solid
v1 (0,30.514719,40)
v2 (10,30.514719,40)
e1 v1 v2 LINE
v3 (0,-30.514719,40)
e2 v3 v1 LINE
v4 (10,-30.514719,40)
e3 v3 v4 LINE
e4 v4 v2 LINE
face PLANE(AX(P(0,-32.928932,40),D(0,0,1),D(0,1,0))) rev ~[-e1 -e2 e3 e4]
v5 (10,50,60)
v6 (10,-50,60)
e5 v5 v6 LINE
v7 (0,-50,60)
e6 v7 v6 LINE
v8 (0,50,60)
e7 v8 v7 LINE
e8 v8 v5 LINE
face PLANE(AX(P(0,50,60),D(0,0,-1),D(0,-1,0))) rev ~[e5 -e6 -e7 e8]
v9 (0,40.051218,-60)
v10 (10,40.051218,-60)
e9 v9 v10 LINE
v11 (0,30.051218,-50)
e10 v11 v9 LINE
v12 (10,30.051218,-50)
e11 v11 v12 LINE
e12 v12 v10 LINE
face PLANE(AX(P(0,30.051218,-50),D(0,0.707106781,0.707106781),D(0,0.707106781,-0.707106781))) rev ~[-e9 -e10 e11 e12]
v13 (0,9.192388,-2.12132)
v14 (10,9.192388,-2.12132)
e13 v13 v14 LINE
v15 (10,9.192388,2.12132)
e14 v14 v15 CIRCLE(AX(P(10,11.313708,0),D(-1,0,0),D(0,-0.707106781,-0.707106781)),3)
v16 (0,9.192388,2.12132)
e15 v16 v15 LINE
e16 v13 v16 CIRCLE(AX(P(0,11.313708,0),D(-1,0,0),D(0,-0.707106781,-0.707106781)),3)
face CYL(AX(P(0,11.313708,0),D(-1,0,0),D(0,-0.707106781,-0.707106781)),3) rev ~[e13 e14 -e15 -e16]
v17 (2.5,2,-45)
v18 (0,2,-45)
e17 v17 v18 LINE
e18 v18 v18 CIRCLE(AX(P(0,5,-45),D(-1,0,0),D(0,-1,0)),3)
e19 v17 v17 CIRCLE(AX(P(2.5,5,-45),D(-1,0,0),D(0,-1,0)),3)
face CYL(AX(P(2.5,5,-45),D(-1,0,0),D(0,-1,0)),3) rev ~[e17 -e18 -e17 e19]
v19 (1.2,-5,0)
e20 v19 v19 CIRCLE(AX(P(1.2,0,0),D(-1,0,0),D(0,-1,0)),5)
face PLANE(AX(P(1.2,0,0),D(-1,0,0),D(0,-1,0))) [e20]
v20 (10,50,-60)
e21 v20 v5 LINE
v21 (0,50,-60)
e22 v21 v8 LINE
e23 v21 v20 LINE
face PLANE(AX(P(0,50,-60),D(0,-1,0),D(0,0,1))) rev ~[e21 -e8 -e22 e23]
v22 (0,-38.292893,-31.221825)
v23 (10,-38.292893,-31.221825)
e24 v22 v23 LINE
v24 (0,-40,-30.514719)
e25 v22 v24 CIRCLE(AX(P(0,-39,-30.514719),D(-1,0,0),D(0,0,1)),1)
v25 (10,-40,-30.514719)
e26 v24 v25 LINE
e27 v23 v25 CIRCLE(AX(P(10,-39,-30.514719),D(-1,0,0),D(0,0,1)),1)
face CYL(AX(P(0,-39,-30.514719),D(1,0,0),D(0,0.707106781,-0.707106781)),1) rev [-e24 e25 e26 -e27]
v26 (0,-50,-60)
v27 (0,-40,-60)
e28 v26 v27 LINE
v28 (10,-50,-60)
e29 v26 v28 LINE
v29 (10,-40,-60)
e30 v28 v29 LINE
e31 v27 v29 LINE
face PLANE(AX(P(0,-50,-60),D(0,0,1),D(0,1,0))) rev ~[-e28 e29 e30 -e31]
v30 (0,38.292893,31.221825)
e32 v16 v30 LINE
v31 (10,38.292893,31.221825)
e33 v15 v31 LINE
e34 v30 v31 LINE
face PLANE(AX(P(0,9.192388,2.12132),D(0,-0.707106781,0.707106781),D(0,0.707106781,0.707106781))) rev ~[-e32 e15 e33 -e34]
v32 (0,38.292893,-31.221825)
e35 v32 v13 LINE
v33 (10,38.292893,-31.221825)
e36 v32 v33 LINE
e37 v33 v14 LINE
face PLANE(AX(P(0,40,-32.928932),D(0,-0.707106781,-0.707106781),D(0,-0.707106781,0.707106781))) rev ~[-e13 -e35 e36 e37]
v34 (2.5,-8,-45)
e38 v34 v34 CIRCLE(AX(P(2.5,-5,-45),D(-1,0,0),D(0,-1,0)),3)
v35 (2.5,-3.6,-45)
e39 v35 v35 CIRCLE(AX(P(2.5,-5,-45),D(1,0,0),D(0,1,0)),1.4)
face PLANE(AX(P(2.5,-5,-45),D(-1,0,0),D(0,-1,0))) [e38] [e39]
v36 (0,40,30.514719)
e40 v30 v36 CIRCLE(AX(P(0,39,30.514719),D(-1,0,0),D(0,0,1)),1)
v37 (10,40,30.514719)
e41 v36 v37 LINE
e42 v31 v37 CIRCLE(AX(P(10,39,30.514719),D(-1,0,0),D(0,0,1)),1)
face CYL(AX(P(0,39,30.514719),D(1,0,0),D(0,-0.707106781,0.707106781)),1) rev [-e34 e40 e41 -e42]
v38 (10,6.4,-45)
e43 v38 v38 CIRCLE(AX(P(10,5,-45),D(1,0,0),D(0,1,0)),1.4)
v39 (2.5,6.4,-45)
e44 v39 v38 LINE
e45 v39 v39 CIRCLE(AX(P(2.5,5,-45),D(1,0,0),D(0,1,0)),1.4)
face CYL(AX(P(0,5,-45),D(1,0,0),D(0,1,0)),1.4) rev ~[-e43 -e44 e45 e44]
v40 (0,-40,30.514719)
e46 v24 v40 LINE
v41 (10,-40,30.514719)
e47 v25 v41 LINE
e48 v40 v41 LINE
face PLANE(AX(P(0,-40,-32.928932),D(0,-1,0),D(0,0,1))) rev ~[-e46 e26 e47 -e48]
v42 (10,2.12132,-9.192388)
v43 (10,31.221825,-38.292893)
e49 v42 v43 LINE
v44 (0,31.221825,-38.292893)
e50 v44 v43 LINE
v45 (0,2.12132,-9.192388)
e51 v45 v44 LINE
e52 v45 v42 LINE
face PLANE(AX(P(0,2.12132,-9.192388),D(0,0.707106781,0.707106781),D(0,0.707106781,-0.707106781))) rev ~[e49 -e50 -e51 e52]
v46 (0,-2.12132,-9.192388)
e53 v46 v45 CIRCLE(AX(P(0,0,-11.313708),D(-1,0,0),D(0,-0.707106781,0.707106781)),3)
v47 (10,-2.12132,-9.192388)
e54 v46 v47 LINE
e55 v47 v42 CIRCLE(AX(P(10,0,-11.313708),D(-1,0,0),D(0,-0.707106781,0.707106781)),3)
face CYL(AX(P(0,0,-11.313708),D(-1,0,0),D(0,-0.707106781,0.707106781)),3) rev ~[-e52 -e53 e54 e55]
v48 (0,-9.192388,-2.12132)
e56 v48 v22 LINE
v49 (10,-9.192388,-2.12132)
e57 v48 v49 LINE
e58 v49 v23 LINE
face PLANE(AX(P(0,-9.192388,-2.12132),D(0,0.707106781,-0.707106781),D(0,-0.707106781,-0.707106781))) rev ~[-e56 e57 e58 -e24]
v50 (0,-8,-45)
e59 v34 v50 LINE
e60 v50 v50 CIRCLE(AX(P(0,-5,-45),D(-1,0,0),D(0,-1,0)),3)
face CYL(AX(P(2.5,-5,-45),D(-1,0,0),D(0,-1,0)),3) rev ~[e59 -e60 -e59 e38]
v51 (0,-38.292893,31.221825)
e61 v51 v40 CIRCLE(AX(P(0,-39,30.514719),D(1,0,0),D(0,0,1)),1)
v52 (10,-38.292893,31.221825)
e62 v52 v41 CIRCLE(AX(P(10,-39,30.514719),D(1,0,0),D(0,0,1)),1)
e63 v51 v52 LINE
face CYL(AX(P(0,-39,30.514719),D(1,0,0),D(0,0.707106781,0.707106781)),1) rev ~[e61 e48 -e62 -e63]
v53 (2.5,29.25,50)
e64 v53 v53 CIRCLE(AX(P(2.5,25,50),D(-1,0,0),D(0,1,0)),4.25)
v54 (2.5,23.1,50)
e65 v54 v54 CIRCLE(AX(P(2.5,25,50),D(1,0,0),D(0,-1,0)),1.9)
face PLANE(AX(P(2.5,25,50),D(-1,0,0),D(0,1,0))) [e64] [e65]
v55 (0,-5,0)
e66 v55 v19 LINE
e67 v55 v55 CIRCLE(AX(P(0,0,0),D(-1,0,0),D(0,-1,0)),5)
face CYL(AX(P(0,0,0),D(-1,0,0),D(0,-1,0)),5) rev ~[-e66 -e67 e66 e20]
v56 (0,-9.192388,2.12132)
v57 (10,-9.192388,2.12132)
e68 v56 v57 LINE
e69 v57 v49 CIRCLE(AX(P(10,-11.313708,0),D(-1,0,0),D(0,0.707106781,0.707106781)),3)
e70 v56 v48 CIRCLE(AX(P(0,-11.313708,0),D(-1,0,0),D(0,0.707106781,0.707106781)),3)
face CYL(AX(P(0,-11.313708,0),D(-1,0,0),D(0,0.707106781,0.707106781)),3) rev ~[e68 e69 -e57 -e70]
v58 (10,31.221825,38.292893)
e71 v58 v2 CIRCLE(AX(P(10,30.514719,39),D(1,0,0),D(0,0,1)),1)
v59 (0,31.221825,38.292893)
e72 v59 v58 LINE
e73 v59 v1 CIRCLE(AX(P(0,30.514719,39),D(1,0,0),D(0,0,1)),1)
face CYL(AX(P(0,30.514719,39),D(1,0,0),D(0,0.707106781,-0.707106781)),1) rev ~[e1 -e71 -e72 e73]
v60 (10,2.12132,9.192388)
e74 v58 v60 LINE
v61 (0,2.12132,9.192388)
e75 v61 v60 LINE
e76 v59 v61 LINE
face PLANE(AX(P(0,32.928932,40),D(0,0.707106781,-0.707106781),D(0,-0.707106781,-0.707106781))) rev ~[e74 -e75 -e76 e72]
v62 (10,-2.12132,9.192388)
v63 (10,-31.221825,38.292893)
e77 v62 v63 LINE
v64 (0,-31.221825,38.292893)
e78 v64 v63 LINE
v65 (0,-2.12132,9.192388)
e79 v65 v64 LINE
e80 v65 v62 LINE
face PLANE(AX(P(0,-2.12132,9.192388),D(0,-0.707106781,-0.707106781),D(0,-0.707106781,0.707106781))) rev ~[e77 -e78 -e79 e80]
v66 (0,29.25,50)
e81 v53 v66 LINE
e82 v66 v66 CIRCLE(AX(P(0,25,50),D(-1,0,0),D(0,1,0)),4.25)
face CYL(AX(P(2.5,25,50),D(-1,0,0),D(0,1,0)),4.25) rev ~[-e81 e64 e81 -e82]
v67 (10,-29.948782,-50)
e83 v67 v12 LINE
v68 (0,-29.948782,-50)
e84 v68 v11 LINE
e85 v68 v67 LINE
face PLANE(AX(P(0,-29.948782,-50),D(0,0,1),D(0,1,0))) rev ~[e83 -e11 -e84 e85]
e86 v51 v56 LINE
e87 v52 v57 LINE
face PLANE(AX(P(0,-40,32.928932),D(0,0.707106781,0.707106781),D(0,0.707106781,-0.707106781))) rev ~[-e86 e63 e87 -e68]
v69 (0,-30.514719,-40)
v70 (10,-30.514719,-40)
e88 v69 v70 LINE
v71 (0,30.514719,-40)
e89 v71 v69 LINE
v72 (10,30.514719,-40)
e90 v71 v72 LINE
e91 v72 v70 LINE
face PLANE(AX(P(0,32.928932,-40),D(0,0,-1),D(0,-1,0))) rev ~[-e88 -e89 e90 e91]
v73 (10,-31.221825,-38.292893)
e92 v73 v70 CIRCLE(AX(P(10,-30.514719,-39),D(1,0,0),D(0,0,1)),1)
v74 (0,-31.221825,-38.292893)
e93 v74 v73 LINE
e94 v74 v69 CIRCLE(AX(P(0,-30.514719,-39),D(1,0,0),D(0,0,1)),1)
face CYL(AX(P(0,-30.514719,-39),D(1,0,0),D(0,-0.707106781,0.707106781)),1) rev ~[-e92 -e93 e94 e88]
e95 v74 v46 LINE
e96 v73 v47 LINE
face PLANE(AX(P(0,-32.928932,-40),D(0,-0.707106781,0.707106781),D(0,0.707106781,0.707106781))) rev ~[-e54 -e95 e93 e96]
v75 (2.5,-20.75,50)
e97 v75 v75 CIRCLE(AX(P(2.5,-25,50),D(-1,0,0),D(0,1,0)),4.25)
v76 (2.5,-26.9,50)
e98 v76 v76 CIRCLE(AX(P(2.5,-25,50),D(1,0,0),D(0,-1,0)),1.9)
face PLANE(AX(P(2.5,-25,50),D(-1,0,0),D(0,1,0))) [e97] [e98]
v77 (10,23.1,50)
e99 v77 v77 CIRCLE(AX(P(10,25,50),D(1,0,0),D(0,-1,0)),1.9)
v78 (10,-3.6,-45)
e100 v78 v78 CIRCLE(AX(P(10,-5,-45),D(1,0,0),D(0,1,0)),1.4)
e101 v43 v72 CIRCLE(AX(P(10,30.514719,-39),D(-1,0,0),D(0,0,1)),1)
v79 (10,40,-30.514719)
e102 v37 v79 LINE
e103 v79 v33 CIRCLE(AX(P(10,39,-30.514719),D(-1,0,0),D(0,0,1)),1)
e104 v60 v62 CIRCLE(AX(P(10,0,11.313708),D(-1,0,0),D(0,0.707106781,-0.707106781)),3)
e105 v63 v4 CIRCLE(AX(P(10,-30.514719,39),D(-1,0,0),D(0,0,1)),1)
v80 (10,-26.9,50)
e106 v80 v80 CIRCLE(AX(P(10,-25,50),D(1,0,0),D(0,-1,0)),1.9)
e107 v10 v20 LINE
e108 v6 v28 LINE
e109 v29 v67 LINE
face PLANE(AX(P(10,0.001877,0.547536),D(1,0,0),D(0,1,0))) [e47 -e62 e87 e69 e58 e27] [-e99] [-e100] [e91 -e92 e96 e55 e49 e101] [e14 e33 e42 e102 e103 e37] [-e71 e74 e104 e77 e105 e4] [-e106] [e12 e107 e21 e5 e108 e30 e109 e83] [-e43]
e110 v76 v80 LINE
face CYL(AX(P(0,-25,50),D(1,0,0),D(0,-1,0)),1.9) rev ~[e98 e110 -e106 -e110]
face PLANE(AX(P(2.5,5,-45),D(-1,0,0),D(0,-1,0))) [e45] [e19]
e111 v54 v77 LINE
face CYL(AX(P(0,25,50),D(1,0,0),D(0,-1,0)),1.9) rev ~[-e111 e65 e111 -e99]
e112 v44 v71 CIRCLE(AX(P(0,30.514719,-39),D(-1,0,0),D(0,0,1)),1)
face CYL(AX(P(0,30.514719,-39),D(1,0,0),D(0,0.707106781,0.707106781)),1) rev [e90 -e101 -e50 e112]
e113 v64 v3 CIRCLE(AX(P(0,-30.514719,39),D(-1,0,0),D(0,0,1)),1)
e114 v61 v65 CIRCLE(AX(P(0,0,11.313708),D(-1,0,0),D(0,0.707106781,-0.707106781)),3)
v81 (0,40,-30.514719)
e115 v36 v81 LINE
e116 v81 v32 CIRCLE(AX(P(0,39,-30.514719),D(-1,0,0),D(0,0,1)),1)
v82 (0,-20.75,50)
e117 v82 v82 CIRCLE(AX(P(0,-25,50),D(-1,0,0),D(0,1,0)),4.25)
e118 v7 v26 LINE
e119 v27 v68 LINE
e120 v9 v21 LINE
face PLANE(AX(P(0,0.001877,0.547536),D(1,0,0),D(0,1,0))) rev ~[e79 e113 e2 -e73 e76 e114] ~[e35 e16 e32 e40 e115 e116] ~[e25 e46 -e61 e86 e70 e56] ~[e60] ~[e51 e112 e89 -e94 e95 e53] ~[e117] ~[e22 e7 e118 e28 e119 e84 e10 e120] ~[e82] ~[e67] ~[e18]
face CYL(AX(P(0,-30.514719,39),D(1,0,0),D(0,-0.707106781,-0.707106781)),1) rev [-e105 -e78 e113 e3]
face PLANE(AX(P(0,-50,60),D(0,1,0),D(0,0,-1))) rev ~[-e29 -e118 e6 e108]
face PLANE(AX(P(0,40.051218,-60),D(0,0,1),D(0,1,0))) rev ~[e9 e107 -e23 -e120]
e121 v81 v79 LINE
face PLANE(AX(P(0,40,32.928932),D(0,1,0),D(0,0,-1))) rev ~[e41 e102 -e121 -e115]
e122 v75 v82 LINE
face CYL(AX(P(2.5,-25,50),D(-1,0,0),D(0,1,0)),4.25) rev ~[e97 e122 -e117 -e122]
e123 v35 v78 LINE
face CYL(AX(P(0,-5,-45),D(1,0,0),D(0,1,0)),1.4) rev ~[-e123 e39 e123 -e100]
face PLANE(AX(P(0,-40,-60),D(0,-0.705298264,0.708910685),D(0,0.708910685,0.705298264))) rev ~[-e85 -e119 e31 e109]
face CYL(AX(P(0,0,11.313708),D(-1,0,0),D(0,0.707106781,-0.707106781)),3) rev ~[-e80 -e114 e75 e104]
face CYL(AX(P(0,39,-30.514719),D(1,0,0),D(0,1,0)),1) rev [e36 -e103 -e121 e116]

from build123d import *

# Parameters (mm, degrees)
F1_DEPTH       = 10
F2_R           = 1
F3_D           = 3.8
F3_CBORE_D     = 8.5
F3_CBORE_DEPTH = 2.5
F4_R           = 5
F5_DEPTH       = 1.2
F8_D           = 2.8
F8_CBORE_D     = 6
F8_CBORE_DEPTH = 2.5


with BuildPart() as f1:
    # F0 (on Right) → F1 (new body)
    with BuildSketch(Plane.YZ):
        Polygon((40.0512183458, -60), (50, -60), (50, 60), (-50, 60), (-50, -60), (-40, -60), (-29.9487816542, -50), (30.0512183458, -50), align=None)
        with BuildLine():
            Line((2.1213203436, -9.1923881554), (32.9289321881, -40))
            Line((32.9289321881, -40), (-32.9289321881, -40))
            Line((-32.9289321881, -40), (-2.1213203436, -9.1923881554))
            ThreePointArc((-2.1213203436, -9.1923881554), (0, -8.313708499), (2.1213203436, -9.1923881554))
        make_face(mode=Mode.SUBTRACT)
        with BuildLine():
            Line((-9.1923881554, -2.1213203436), (-40, -32.9289321881))
            Line((-40, -32.9289321881), (-40, 32.9289321881))
            Line((-40, 32.9289321881), (-9.1923881554, 2.1213203436))
            ThreePointArc((-9.1923881554, 2.1213203436), (-8.313708499, 0), (-9.1923881554, -2.1213203436))
        make_face(mode=Mode.SUBTRACT)
        with BuildLine():
            Line((40, 32.9289321881), (40, -32.9289321881))
            Line((40, -32.9289321881), (9.1923881554, -2.1213203436))
            ThreePointArc((9.1923881554, -2.1213203436), (8.313708499, 0), (9.1923881554, 2.1213203436))
            Line((9.1923881554, 2.1213203436), (40, 32.9289321881))
        make_face(mode=Mode.SUBTRACT)
        with BuildLine():
            Line((-32.9289321881, 40), (32.9289321881, 40))
            Line((32.9289321881, 40), (2.1213203436, 9.1923881554))
            ThreePointArc((2.1213203436, 9.1923881554), (0, 8.313708499), (-2.1213203436, 9.1923881554))
            Line((-2.1213203436, 9.1923881554), (-32.9289321881, 40))
        make_face(mode=Mode.SUBTRACT)
    extrude(amount=F1_DEPTH)

    # F2
    f2_edges = [f1.edges().sort_by_distance(p)[0] for p in [
        (5, -32.928932, 40),
        (5, 32.928932, 40),
        (5, -40, 32.928932),
        (5, -40, -32.928932),
        (5, -32.928932, -40),
        (5, 40, 32.928932),
        (5, 40, -32.928932),
        (5, 32.928932, -40),
    ]]
    fillet(f2_edges, radius=F2_R)

    # F3 (through all)
    with Locations(Plane(origin=(0, 0, 0), x_dir=(0, 1, 0), z_dir=(-1, 0, 0))):
        with Locations((-25, -50), (25, -50)):
            CounterBoreHole(F3_D / 2, F3_CBORE_D / 2, F3_CBORE_DEPTH)

    # F4 (on face) → F5 (cut)
    with BuildSketch(Plane(origin=(0, 0, 0), x_dir=(0, -1, 0), z_dir=(-1, 0, 0))):
        Circle(F4_R)
    extrude(amount=-F5_DEPTH, mode=Mode.SUBTRACT)

    # F8 (through all)
    with Locations(Plane(origin=(0, 0, 0), x_dir=(0, -1, 0), z_dir=(-1, 0, 0))):
        with Locations((-5, -45), (5, -45)):
            CounterBoreHole(F8_D / 2, F8_CBORE_D / 2, F8_CBORE_DEPTH)


solid = f1.part
